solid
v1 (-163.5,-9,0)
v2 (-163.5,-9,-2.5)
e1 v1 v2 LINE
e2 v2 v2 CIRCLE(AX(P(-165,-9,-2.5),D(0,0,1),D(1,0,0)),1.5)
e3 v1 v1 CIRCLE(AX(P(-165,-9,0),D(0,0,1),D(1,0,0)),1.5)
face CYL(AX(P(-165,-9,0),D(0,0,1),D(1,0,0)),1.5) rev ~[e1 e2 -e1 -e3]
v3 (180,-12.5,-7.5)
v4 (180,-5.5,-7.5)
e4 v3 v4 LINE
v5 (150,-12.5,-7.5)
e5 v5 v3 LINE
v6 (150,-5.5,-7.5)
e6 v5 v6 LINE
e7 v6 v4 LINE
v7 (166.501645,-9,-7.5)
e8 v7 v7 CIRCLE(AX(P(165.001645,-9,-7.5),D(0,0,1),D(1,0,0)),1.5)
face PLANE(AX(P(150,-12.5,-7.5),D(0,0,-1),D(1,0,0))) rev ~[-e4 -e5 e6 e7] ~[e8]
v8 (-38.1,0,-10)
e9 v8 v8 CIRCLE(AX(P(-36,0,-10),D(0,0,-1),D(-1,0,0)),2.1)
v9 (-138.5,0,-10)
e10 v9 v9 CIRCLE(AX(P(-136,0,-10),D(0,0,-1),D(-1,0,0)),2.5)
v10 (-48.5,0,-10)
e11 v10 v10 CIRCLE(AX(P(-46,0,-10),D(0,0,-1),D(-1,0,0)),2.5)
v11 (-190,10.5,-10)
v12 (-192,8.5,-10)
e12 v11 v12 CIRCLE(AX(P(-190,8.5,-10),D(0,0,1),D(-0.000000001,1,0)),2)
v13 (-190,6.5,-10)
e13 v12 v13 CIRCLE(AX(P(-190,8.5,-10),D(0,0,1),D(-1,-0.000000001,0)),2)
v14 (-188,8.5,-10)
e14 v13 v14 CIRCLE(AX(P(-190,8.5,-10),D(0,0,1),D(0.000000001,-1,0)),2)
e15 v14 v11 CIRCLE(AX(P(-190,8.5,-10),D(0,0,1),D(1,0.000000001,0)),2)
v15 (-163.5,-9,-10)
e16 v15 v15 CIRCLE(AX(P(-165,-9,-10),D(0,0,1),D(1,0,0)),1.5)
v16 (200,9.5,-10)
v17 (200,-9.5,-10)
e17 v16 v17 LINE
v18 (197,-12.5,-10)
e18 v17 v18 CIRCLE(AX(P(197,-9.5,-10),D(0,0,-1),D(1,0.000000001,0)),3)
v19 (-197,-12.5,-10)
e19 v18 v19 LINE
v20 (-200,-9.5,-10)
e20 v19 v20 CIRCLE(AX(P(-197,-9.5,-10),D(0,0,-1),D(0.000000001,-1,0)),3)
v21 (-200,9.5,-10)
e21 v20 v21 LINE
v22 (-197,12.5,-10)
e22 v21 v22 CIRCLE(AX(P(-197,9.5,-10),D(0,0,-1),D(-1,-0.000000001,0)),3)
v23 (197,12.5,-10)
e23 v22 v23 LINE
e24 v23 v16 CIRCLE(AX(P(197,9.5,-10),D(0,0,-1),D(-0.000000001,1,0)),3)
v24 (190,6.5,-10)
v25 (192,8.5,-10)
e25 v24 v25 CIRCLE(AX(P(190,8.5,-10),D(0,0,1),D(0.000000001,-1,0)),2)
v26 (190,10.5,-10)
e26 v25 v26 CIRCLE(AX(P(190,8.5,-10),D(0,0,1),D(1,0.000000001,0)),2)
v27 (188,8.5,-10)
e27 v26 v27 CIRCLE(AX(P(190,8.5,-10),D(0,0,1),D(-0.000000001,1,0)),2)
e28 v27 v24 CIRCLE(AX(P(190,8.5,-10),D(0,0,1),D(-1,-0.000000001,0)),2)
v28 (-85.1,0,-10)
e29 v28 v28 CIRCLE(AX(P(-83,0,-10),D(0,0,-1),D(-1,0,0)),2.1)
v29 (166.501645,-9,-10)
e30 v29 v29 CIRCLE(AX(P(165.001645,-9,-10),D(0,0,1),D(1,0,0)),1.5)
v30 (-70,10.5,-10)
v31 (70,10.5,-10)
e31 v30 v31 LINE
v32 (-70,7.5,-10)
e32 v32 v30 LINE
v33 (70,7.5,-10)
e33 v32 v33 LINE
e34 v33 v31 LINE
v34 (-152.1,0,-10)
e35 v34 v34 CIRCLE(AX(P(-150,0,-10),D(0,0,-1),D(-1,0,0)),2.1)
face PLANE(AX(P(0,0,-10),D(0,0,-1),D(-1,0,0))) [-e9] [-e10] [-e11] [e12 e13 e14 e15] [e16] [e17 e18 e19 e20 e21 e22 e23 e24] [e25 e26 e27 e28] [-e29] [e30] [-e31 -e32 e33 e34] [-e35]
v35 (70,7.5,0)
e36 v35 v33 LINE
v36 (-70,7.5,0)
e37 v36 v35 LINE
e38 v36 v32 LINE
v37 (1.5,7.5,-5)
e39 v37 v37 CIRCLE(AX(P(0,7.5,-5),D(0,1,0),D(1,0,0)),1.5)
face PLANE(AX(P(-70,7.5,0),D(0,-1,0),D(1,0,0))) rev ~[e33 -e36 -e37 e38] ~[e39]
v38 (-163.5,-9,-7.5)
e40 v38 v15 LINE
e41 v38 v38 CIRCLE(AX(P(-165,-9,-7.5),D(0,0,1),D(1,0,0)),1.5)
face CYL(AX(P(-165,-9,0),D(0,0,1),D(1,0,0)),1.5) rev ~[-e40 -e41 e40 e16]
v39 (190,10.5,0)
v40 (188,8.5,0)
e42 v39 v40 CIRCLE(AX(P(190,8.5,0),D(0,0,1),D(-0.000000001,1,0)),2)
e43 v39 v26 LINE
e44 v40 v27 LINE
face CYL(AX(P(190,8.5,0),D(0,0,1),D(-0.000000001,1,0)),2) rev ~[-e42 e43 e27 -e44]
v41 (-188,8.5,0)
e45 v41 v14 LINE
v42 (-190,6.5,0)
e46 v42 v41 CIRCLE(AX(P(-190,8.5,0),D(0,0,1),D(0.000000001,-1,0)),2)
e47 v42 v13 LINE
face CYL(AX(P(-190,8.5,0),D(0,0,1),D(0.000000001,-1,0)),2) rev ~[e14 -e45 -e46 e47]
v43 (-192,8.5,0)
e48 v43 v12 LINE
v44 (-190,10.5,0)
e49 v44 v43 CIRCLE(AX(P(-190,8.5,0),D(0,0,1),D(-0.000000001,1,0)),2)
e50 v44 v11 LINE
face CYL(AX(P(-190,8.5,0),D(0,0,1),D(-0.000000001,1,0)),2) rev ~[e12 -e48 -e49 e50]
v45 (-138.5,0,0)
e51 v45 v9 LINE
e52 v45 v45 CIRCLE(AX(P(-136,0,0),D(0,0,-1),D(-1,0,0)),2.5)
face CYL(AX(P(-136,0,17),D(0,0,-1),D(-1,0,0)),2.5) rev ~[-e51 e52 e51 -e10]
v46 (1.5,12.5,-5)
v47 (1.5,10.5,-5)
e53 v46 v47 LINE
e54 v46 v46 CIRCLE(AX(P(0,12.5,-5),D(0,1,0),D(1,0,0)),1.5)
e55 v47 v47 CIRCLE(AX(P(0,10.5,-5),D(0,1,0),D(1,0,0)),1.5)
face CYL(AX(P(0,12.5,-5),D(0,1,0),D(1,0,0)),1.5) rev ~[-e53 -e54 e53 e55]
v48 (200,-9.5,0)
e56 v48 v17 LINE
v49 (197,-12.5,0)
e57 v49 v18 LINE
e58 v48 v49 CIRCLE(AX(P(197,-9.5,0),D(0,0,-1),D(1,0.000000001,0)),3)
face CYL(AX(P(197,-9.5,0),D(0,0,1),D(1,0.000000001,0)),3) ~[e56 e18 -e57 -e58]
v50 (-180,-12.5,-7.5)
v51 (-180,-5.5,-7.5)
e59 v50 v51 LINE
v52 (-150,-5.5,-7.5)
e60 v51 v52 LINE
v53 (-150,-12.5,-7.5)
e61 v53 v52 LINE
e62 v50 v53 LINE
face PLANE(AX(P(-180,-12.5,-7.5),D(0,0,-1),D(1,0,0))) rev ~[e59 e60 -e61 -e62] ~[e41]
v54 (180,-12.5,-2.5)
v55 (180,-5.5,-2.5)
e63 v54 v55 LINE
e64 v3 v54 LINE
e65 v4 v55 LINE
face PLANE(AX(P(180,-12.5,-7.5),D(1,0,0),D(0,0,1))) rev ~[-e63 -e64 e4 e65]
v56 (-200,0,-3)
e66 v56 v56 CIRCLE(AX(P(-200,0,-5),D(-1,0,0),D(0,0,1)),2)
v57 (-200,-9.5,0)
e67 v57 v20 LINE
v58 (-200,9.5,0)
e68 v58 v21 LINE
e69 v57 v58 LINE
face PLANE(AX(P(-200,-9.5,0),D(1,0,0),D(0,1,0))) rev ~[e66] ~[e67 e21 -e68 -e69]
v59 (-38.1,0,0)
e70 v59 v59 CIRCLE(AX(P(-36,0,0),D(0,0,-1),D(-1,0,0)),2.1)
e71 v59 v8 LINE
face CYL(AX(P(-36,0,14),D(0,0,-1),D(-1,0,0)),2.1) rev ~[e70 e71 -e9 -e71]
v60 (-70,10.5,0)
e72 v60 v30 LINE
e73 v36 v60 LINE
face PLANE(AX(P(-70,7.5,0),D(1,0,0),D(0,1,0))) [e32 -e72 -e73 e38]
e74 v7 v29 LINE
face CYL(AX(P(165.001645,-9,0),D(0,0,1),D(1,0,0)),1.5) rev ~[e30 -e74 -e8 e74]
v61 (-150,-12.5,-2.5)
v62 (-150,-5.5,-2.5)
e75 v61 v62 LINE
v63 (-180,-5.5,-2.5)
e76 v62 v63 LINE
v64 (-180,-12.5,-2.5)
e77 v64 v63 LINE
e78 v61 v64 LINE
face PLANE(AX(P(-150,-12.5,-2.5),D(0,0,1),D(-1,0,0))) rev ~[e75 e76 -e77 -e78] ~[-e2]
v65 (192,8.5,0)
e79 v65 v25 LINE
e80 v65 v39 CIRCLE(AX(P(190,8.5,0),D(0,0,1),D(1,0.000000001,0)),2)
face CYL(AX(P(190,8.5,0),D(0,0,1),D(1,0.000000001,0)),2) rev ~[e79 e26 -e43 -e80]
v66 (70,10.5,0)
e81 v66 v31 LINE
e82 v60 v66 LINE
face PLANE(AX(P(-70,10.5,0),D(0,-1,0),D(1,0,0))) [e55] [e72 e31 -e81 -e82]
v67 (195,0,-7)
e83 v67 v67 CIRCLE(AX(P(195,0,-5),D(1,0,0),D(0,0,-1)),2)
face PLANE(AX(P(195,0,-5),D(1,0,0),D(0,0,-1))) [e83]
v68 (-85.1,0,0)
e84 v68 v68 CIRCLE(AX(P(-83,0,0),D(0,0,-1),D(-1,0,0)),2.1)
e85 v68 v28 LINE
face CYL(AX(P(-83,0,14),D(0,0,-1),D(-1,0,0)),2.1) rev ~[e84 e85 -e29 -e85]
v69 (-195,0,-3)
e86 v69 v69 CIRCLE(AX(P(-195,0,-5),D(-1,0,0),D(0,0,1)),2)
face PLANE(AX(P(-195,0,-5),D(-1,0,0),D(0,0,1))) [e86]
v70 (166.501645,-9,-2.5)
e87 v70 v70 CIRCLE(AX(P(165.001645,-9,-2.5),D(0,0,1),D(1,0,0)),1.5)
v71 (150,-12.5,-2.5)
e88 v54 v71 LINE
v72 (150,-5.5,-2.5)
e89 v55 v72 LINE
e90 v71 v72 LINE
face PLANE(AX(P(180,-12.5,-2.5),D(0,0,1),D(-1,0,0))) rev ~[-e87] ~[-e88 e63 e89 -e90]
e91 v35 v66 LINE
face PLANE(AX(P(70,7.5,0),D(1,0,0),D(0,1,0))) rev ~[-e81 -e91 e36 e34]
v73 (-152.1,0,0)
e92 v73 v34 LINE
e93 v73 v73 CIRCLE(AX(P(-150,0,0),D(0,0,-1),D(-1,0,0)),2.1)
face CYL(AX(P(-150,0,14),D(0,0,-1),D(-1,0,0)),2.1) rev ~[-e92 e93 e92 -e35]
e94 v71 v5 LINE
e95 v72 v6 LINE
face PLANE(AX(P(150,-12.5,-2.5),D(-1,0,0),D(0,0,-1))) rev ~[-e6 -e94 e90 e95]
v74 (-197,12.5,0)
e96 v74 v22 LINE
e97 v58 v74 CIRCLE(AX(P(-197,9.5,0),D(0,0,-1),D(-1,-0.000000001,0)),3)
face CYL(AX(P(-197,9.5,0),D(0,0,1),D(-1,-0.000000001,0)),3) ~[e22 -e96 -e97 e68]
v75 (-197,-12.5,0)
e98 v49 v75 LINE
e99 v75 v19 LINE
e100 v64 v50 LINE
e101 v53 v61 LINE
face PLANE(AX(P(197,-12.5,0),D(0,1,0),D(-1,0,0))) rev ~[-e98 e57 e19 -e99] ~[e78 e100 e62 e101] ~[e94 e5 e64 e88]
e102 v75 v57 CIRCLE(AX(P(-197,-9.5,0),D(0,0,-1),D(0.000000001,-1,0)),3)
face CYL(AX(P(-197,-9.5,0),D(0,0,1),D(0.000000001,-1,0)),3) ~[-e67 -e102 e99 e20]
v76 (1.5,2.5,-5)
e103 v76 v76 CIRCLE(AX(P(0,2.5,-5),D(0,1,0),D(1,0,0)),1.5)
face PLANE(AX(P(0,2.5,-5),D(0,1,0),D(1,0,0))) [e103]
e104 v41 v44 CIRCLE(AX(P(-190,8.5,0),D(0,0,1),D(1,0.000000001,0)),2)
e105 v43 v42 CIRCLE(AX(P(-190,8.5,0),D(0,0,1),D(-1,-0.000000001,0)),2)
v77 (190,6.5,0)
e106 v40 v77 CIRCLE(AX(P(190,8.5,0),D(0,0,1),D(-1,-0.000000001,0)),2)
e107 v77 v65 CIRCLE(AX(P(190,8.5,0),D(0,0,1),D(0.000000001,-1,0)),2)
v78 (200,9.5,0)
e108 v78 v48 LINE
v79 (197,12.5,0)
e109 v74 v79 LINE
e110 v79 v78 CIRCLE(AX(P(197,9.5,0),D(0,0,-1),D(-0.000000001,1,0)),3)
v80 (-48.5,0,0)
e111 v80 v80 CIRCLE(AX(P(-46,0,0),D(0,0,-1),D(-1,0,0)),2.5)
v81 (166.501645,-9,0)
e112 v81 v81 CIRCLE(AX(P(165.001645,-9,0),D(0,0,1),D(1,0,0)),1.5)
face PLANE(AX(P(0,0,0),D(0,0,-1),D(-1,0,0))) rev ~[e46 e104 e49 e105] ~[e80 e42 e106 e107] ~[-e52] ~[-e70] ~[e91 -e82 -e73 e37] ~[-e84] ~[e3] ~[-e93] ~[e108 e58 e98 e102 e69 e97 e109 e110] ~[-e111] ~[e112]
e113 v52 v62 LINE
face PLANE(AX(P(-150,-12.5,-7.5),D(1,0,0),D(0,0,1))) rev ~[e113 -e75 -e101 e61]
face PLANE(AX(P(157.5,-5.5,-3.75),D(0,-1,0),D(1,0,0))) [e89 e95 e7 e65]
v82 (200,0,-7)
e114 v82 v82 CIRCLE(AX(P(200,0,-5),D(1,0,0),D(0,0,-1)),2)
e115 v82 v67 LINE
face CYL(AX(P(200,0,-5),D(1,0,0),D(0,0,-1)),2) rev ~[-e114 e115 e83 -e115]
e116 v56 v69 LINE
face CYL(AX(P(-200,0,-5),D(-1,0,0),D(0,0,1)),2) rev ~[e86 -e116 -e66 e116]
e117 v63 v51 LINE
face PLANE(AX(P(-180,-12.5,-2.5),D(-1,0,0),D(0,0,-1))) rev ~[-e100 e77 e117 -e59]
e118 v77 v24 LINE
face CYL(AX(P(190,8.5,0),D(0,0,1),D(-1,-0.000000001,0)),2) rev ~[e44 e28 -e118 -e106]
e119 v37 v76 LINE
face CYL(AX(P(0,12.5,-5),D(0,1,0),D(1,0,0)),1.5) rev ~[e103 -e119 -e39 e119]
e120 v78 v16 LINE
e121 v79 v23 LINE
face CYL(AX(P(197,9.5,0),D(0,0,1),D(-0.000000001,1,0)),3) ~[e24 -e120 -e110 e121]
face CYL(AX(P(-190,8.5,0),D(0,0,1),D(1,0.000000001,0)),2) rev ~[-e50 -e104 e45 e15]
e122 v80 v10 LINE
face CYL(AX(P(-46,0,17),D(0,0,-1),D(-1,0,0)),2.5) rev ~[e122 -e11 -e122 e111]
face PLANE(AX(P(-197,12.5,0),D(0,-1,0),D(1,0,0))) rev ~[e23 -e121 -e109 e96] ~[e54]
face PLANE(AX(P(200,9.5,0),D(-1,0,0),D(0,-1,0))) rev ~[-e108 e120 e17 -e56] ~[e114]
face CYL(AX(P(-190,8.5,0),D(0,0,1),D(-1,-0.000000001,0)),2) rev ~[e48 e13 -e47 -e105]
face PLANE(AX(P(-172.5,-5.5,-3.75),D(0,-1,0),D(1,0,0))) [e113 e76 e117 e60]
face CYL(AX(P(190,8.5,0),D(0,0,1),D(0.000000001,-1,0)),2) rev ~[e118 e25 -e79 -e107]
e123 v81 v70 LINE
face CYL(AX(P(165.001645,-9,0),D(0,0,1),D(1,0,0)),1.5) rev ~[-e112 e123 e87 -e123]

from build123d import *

# Parameters (mm, degrees)
EXTRUDE_1_DEPTH        = 10
SKETCH_3_W             = 140
SKETCH_3_H             = 3
CUT_EXTRUDE_1_DEPTH    = 10
CUT_EXTRUDE_2_DEPTH    = 10
HOLE_WIZARD_M5_3_D     = 4.2
HOLE_WIZARD_M5_3_DEPTH = 14
HOLE_WIZARD_M5_3_TIP   = 1.2618073
HOLE_WIZARD_M6_2_D     = 5
HOLE_WIZARD_M6_2_DEPTH = 17
HOLE_WIZARD_M6_2_TIP   = 1.502151548
SKETCH_10_W            = 15
SKETCH_10_H            = 2.5
CUT_EXTRUDE_3_DEPTH    = 7
SKETCH_11_R            = 1.5
CUT_EXTRUDE_4_DEPTH    = 11
SKETCH_13_R            = 2
CUT_EXTRUDE_6_DEPTH    = 5
SKETCH_14_R            = 2
CUT_EXTRUDE_7_DEPTH    = 5
SKETCH_16_R            = 1.5
CUT_EXTRUDE_8_DEPTH    = 10


with BuildPart() as part:
    # 草图1 → 凸台-拉伸1 (new body)
    with BuildSketch(Plane.XY):
        with BuildLine():
            Line((-197, 12.5), (197, 12.5))
            ThreePointArc((197, 12.5), (199.121320344, 11.621320344), (200, 9.5))
            Line((200, 9.5), (200, -9.5))
            ThreePointArc((200, -9.5), (199.121320344, -11.621320344), (197, -12.5))
            Line((197, -12.5), (-197, -12.5))
            ThreePointArc((-197, -12.5), (-199.121320344, -11.621320344), (-200, -9.5))
            Line((-200, -9.5), (-200, 9.5))
            ThreePointArc((-200, 9.5), (-199.121320344, 11.621320344), (-197, 12.5))
        make_face()
    extrude(amount=-EXTRUDE_1_DEPTH)

    # 草图3 → 切除-拉伸1 (cut)
    with BuildSketch(Plane.XY):
        with Locations((0, 9)):
            Rectangle(SKETCH_3_W, SKETCH_3_H)
    extrude(amount=-CUT_EXTRUDE_1_DEPTH, mode=Mode.SUBTRACT)

    # 草图4 → 切除-拉伸2 (cut)
    with BuildSketch(Plane.XY):
        with BuildLine():
            ThreePointArc((-190, 10.5), (-191.414213562, 9.914213562), (-192, 8.5))
            Line((-192, 8.5), (-190, 8.5))
            Line((-190, 8.5), (-190, 10.5))
        make_face()
        with BuildLine():
            Line((-190, 8.5), (-192, 8.5))
            ThreePointArc((-192, 8.5), (-191.414213562, 7.085786438), (-190, 6.5))
            Line((-190, 6.5), (-190, 8.5))
        make_face()
        with BuildLine():
            Line((-190, 10.5), (-190, 8.5))
            Line((-190, 8.5), (-188, 8.5))
            ThreePointArc((-188, 8.5), (-188.585786438, 9.914213562), (-190, 10.5))
        make_face()
        with BuildLine():
            Line((-188, 8.5), (-190, 8.5))
            Line((-190, 8.5), (-190, 6.5))
            ThreePointArc((-190, 6.5), (-188.585786438, 7.085786438), (-188, 8.5))
        make_face()
        with BuildLine():
            ThreePointArc((190, 10.5), (188.585786438, 9.914213562), (188, 8.5))
            Line((188, 8.5), (190, 8.5))
            Line((190, 8.5), (190, 10.5))
        make_face()
        with BuildLine():
            Line((190, 8.5), (188, 8.5))
            ThreePointArc((188, 8.5), (188.585786438, 7.085786438), (190, 6.5))
            Line((190, 6.5), (190, 8.5))
        make_face()
        with BuildLine():
            Line((190, 10.5), (190, 8.5))
            Line((190, 8.5), (192, 8.5))
            ThreePointArc((192, 8.5), (191.414213562, 9.914213562), (190, 10.5))
        make_face()
        with BuildLine():
            Line((192, 8.5), (190, 8.5))
            Line((190, 8.5), (190, 6.5))
            ThreePointArc((190, 6.5), (191.414213562, 7.085786438), (192, 8.5))
        make_face()
    extrude(amount=-CUT_EXTRUDE_2_DEPTH, mode=Mode.SUBTRACT)

    # M5 螺纹孔3
    with Locations(Plane.XY):
        with Locations((-150, 0), (-83, 0), (-36, 0)):
            Hole(HOLE_WIZARD_M5_3_D / 2, depth=HOLE_WIZARD_M5_3_DEPTH)
            with Locations((0, 0, -(HOLE_WIZARD_M5_3_DEPTH + HOLE_WIZARD_M5_3_TIP / 2))):  # 118° drill point
                Cone(0, HOLE_WIZARD_M5_3_D / 2, HOLE_WIZARD_M5_3_TIP, mode=Mode.SUBTRACT)

    # M6 螺纹孔2
    with Locations(Plane.XY):
        with Locations((-46, 0), (-136, 0)):
            Hole(HOLE_WIZARD_M6_2_D / 2, depth=HOLE_WIZARD_M6_2_DEPTH)
            with Locations((0, 0, -(HOLE_WIZARD_M6_2_DEPTH + HOLE_WIZARD_M6_2_TIP / 2))):  # 118° drill point
                Cone(0, HOLE_WIZARD_M6_2_D / 2, HOLE_WIZARD_M6_2_TIP, mode=Mode.SUBTRACT)

    # 草图10 → 切除-拉伸3 (cut)
    with BuildSketch(Plane.XZ.offset(12.5)):
        with Locations((-172.5, -3.75)):
            Rectangle(SKETCH_10_W, SKETCH_10_H)
        with Locations((-157.5, -3.75)):
            Rectangle(SKETCH_10_W, SKETCH_10_H)
        with Locations((-157.5, -6.25)):
            Rectangle(SKETCH_10_W, SKETCH_10_H)
        with Locations((-172.5, -6.25)):
            Rectangle(SKETCH_10_W, SKETCH_10_H)
        with Locations((157.5, -3.75)):
            Rectangle(SKETCH_10_W, SKETCH_10_H)
        with Locations((172.5, -3.75)):
            Rectangle(SKETCH_10_W, SKETCH_10_H)
        with Locations((157.5, -6.25)):
            Rectangle(SKETCH_10_W, SKETCH_10_H)
        with Locations((172.5, -6.25)):
            Rectangle(SKETCH_10_W, SKETCH_10_H)
    extrude(amount=-CUT_EXTRUDE_3_DEPTH, mode=Mode.SUBTRACT)

    # 草图11 → 切除-拉伸4 (cut, through all)
    with BuildSketch(Plane.XY):
        with Locations((-165, -9)):
            Circle(SKETCH_11_R)
        with Locations((165.001644556, -9)):
            Circle(SKETCH_11_R)
    extrude(amount=-CUT_EXTRUDE_4_DEPTH, mode=Mode.SUBTRACT)

    # 草图13 → 切除-拉伸6 (cut)
    with BuildSketch(Plane(origin=(200, 0, 0), x_dir=(0, 0, -1), z_dir=(1, 0, 0))):
        with Locations((5, 0)):
            Circle(SKETCH_13_R)
    extrude(amount=-CUT_EXTRUDE_6_DEPTH, mode=Mode.SUBTRACT)

    # 草图14 → 切除-拉伸7 (cut)
    with BuildSketch(Plane.ZY.offset(200)):
        with Locations((-5, 0)):
            Circle(SKETCH_14_R)
    extrude(amount=-CUT_EXTRUDE_7_DEPTH, mode=Mode.SUBTRACT)

    # 草图16 → 切除-拉伸8 (cut)
    with BuildSketch(Plane(origin=(0, 12.5, 0), x_dir=(1, 0, 0), z_dir=(0, 1, 0))):
        with Locations((0, 5)):
            Circle(SKETCH_16_R)
    extrude(amount=-CUT_EXTRUDE_8_DEPTH, mode=Mode.SUBTRACT)


solid = part.part
